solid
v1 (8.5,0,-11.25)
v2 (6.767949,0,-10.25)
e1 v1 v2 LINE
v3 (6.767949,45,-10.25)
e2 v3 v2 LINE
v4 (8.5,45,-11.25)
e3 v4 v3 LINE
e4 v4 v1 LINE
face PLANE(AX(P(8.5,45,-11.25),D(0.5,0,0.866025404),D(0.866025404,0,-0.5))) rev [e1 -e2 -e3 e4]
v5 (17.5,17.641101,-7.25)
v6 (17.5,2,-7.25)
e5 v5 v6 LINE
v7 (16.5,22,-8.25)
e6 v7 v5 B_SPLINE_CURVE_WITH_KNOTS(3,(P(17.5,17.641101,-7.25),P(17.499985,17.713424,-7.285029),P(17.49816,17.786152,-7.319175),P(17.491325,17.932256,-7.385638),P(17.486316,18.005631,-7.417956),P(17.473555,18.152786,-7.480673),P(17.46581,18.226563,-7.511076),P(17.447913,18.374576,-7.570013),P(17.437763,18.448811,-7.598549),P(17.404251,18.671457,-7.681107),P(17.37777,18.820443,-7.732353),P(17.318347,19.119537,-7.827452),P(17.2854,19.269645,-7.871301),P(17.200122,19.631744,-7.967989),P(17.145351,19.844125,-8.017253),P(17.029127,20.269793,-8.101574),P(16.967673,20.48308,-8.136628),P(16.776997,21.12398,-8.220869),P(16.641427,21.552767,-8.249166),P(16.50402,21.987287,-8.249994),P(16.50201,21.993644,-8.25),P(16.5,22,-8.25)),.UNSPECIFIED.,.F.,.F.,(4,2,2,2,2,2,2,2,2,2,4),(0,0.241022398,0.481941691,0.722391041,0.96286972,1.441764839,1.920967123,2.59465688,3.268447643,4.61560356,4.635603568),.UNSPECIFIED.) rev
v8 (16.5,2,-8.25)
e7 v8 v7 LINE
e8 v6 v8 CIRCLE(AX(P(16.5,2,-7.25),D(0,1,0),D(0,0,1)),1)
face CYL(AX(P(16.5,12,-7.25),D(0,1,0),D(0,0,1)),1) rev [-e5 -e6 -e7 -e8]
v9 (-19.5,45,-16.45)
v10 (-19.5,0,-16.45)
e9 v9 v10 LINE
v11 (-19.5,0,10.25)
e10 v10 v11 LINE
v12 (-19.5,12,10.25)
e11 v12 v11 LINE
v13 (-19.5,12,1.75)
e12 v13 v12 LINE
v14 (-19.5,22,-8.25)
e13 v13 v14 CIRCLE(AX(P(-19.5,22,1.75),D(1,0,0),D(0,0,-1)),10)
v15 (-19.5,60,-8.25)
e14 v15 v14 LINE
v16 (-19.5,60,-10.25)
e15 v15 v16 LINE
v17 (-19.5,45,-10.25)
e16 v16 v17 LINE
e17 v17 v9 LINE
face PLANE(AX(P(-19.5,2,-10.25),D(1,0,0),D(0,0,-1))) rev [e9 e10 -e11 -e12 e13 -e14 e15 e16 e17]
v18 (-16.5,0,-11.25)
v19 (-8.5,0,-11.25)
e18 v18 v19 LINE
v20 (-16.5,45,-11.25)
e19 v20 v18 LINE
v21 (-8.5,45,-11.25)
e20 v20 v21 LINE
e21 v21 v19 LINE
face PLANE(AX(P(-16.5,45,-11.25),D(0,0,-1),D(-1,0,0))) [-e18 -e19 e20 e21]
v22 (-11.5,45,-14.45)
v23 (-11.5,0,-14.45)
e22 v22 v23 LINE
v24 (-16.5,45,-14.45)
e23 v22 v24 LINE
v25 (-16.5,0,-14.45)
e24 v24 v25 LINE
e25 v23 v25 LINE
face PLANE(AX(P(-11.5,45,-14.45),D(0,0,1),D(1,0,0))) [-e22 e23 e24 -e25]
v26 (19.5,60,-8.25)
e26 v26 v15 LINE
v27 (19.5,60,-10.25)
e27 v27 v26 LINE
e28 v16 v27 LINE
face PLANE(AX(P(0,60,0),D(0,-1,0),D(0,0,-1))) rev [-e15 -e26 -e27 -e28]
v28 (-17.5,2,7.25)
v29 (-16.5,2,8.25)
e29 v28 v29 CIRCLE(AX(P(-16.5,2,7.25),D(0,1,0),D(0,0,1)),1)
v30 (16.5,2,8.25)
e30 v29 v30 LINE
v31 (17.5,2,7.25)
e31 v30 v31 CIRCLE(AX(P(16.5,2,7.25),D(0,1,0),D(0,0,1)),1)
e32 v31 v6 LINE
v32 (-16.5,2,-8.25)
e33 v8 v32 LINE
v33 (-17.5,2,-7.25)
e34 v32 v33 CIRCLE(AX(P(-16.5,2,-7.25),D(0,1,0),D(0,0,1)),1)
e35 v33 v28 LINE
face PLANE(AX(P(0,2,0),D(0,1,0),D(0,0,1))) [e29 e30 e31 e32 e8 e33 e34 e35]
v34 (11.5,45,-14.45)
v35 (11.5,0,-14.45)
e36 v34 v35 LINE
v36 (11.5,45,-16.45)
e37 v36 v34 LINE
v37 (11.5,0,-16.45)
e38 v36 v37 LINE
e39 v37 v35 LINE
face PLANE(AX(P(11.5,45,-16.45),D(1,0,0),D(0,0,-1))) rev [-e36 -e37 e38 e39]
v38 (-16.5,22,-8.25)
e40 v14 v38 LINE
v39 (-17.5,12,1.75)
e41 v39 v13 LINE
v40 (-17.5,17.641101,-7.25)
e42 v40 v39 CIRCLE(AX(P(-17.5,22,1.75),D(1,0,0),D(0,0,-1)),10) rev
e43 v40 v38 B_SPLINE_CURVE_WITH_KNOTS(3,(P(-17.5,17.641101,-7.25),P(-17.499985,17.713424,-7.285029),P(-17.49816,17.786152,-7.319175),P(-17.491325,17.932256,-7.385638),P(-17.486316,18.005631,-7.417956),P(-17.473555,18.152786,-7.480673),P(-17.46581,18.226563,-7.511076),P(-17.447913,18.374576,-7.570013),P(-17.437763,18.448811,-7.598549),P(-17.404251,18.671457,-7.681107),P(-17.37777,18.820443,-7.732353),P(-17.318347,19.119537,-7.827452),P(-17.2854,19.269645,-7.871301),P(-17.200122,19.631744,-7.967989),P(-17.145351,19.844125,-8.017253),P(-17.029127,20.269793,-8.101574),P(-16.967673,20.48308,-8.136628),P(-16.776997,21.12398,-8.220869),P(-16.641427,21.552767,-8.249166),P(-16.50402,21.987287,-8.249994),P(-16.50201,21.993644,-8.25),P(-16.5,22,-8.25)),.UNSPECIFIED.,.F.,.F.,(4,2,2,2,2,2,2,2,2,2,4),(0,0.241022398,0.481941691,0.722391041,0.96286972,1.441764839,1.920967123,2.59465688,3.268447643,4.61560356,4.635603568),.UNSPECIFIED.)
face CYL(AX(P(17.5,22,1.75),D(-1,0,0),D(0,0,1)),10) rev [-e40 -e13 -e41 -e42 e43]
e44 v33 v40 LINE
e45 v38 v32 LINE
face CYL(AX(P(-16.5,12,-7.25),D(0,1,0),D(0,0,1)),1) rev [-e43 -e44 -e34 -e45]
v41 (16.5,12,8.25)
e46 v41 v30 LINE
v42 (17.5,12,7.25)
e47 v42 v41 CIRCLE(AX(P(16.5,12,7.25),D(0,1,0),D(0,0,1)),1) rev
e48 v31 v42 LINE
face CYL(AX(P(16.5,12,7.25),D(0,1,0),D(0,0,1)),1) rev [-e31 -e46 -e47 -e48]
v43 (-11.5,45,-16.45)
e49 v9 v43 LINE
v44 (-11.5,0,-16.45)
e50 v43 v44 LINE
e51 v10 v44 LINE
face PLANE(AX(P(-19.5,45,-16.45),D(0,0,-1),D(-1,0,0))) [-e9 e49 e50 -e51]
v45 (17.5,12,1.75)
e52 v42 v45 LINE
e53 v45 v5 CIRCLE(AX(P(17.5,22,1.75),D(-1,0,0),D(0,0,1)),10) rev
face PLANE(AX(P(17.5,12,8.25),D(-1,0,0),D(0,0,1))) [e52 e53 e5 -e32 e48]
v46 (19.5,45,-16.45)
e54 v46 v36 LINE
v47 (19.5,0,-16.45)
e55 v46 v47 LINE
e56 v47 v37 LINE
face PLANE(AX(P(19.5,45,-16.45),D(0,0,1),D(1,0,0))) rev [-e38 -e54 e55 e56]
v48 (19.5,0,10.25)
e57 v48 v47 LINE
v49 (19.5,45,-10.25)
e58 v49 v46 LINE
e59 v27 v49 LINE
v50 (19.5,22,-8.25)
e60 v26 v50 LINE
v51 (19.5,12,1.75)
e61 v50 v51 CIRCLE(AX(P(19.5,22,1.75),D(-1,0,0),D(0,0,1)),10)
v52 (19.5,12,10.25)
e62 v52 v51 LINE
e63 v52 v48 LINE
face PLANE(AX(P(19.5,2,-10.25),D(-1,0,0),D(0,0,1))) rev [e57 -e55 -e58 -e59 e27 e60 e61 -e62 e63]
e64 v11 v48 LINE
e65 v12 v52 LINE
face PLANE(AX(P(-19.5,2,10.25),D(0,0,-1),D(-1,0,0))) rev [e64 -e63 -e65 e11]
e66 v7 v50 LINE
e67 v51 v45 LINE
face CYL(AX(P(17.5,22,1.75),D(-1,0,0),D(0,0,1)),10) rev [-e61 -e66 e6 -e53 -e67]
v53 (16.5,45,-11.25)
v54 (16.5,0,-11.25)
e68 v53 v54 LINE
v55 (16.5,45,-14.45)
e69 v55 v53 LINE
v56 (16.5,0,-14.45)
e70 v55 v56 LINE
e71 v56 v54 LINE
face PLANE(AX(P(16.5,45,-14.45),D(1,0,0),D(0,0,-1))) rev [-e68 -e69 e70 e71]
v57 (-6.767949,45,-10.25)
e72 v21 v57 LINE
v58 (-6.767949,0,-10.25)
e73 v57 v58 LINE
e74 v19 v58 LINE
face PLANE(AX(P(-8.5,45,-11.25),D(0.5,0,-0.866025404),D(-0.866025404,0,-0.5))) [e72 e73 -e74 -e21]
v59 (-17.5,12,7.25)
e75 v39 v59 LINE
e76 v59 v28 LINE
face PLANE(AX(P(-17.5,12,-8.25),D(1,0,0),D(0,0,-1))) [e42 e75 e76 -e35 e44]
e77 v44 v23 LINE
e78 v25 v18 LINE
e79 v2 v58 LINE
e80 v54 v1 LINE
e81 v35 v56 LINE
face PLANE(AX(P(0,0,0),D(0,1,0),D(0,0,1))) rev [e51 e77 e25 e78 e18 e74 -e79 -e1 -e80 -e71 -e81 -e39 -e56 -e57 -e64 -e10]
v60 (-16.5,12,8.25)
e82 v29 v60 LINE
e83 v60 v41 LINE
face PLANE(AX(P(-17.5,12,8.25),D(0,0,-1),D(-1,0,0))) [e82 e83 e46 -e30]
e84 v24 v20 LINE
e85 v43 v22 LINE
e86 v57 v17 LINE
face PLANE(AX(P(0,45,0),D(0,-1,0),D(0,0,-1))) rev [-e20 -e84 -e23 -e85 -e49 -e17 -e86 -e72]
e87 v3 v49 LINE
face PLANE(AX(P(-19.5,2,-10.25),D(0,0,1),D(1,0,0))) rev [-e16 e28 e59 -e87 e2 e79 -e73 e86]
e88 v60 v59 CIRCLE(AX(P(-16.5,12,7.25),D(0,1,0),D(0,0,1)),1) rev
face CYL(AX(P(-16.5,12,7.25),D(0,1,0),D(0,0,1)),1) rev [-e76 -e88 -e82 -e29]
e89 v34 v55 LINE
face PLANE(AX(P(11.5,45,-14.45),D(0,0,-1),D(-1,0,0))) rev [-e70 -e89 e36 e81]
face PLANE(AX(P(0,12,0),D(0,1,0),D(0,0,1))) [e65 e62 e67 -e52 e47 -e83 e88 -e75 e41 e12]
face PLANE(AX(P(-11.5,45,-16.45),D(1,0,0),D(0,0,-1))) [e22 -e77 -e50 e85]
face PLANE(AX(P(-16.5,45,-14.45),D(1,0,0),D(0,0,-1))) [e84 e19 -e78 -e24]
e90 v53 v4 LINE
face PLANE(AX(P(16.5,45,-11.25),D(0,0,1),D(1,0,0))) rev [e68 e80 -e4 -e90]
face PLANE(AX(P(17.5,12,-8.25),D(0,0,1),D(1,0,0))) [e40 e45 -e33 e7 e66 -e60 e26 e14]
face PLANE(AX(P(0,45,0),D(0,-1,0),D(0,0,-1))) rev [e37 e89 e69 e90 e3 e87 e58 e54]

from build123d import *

# Parameters (mm, degrees)
SKETCH1_W           = 39
SKETCH1_H           = 20.5
BOSS_EXTRUDE1_DEPTH = 2
SKETCH2_W           = 39
SKETCH2_H           = 20.5
SKETCH2_W_2         = 35
SKETCH2_H_2         = 16.5
BOSS_EXTRUDE2_DEPTH = 10
SKETCH3_W           = 39
SKETCH3_H           = 2
BOSS_EXTRUDE3_DEPTH = 48
FILLET1_R           = 10
FILLET2_R           = 1
BOSS_EXTRUDE4_DEPTH = 45


with BuildPart() as part:
    # Sketch1 → Boss-Extrude1 (new body)
    with BuildSketch(Plane(origin=(0, 0, 0), x_dir=(1, 0, 0), z_dir=(0, 1, 0))):
        Rectangle(SKETCH1_W, SKETCH1_H)
    extrude(amount=BOSS_EXTRUDE1_DEPTH)

    # Sketch2 → Boss-Extrude2 (add)
    with BuildSketch(Plane(origin=(0, 2, 0), x_dir=(1, 0, 0), z_dir=(0, 1, 0))):
        Rectangle(SKETCH2_W, SKETCH2_H)
        Rectangle(SKETCH2_W_2, SKETCH2_H_2, mode=Mode.SUBTRACT)
    extrude(amount=BOSS_EXTRUDE2_DEPTH)

    # Sketch3 → Boss-Extrude3 (add)
    with BuildSketch(Plane(origin=(0, 12, 0), x_dir=(1, 0, 0), z_dir=(0, 1, 0))):
        with Locations((0, 9.25)):
            Rectangle(SKETCH3_W, SKETCH3_H)
    extrude(amount=BOSS_EXTRUDE3_DEPTH)

    # Fillet1
    fillet1_edges = [part.edges().sort_by_distance(p)[0] for p in [
        (18.5, 12, -8.25),
        (-18.5, 12, -8.25),
    ]]
    fillet(fillet1_edges, radius=FILLET1_R)

    # Fillet2
    fillet2_edges = [part.edges().sort_by_distance(p)[0] for p in [
        (-17.5, 7, 8.25),
        (17.5, 7, 8.25),
        (17.5, 12, -8.25),
        (-17.5, 12, -8.25),
    ]]
    fillet(fillet2_edges, radius=FILLET2_R)

    # Sketch4 → Boss-Extrude4 (add)
    with BuildSketch(Plane.XZ):
        Polygon((-19.5, -10.25), (-19.5, -16.45), (-11.5, -16.45), (-11.5, -14.45), (-16.5, -14.45), (-16.5, -11.25), (-8.5, -11.25), (-6.767949192, -10.25), align=None)
    boss_extrude4 = extrude(amount=-BOSS_EXTRUDE4_DEPTH)

    # Mirror2: Boss-Extrude4 across plane
    add(boss_extrude4.mirror(Plane.ZY))


solid = part.part
